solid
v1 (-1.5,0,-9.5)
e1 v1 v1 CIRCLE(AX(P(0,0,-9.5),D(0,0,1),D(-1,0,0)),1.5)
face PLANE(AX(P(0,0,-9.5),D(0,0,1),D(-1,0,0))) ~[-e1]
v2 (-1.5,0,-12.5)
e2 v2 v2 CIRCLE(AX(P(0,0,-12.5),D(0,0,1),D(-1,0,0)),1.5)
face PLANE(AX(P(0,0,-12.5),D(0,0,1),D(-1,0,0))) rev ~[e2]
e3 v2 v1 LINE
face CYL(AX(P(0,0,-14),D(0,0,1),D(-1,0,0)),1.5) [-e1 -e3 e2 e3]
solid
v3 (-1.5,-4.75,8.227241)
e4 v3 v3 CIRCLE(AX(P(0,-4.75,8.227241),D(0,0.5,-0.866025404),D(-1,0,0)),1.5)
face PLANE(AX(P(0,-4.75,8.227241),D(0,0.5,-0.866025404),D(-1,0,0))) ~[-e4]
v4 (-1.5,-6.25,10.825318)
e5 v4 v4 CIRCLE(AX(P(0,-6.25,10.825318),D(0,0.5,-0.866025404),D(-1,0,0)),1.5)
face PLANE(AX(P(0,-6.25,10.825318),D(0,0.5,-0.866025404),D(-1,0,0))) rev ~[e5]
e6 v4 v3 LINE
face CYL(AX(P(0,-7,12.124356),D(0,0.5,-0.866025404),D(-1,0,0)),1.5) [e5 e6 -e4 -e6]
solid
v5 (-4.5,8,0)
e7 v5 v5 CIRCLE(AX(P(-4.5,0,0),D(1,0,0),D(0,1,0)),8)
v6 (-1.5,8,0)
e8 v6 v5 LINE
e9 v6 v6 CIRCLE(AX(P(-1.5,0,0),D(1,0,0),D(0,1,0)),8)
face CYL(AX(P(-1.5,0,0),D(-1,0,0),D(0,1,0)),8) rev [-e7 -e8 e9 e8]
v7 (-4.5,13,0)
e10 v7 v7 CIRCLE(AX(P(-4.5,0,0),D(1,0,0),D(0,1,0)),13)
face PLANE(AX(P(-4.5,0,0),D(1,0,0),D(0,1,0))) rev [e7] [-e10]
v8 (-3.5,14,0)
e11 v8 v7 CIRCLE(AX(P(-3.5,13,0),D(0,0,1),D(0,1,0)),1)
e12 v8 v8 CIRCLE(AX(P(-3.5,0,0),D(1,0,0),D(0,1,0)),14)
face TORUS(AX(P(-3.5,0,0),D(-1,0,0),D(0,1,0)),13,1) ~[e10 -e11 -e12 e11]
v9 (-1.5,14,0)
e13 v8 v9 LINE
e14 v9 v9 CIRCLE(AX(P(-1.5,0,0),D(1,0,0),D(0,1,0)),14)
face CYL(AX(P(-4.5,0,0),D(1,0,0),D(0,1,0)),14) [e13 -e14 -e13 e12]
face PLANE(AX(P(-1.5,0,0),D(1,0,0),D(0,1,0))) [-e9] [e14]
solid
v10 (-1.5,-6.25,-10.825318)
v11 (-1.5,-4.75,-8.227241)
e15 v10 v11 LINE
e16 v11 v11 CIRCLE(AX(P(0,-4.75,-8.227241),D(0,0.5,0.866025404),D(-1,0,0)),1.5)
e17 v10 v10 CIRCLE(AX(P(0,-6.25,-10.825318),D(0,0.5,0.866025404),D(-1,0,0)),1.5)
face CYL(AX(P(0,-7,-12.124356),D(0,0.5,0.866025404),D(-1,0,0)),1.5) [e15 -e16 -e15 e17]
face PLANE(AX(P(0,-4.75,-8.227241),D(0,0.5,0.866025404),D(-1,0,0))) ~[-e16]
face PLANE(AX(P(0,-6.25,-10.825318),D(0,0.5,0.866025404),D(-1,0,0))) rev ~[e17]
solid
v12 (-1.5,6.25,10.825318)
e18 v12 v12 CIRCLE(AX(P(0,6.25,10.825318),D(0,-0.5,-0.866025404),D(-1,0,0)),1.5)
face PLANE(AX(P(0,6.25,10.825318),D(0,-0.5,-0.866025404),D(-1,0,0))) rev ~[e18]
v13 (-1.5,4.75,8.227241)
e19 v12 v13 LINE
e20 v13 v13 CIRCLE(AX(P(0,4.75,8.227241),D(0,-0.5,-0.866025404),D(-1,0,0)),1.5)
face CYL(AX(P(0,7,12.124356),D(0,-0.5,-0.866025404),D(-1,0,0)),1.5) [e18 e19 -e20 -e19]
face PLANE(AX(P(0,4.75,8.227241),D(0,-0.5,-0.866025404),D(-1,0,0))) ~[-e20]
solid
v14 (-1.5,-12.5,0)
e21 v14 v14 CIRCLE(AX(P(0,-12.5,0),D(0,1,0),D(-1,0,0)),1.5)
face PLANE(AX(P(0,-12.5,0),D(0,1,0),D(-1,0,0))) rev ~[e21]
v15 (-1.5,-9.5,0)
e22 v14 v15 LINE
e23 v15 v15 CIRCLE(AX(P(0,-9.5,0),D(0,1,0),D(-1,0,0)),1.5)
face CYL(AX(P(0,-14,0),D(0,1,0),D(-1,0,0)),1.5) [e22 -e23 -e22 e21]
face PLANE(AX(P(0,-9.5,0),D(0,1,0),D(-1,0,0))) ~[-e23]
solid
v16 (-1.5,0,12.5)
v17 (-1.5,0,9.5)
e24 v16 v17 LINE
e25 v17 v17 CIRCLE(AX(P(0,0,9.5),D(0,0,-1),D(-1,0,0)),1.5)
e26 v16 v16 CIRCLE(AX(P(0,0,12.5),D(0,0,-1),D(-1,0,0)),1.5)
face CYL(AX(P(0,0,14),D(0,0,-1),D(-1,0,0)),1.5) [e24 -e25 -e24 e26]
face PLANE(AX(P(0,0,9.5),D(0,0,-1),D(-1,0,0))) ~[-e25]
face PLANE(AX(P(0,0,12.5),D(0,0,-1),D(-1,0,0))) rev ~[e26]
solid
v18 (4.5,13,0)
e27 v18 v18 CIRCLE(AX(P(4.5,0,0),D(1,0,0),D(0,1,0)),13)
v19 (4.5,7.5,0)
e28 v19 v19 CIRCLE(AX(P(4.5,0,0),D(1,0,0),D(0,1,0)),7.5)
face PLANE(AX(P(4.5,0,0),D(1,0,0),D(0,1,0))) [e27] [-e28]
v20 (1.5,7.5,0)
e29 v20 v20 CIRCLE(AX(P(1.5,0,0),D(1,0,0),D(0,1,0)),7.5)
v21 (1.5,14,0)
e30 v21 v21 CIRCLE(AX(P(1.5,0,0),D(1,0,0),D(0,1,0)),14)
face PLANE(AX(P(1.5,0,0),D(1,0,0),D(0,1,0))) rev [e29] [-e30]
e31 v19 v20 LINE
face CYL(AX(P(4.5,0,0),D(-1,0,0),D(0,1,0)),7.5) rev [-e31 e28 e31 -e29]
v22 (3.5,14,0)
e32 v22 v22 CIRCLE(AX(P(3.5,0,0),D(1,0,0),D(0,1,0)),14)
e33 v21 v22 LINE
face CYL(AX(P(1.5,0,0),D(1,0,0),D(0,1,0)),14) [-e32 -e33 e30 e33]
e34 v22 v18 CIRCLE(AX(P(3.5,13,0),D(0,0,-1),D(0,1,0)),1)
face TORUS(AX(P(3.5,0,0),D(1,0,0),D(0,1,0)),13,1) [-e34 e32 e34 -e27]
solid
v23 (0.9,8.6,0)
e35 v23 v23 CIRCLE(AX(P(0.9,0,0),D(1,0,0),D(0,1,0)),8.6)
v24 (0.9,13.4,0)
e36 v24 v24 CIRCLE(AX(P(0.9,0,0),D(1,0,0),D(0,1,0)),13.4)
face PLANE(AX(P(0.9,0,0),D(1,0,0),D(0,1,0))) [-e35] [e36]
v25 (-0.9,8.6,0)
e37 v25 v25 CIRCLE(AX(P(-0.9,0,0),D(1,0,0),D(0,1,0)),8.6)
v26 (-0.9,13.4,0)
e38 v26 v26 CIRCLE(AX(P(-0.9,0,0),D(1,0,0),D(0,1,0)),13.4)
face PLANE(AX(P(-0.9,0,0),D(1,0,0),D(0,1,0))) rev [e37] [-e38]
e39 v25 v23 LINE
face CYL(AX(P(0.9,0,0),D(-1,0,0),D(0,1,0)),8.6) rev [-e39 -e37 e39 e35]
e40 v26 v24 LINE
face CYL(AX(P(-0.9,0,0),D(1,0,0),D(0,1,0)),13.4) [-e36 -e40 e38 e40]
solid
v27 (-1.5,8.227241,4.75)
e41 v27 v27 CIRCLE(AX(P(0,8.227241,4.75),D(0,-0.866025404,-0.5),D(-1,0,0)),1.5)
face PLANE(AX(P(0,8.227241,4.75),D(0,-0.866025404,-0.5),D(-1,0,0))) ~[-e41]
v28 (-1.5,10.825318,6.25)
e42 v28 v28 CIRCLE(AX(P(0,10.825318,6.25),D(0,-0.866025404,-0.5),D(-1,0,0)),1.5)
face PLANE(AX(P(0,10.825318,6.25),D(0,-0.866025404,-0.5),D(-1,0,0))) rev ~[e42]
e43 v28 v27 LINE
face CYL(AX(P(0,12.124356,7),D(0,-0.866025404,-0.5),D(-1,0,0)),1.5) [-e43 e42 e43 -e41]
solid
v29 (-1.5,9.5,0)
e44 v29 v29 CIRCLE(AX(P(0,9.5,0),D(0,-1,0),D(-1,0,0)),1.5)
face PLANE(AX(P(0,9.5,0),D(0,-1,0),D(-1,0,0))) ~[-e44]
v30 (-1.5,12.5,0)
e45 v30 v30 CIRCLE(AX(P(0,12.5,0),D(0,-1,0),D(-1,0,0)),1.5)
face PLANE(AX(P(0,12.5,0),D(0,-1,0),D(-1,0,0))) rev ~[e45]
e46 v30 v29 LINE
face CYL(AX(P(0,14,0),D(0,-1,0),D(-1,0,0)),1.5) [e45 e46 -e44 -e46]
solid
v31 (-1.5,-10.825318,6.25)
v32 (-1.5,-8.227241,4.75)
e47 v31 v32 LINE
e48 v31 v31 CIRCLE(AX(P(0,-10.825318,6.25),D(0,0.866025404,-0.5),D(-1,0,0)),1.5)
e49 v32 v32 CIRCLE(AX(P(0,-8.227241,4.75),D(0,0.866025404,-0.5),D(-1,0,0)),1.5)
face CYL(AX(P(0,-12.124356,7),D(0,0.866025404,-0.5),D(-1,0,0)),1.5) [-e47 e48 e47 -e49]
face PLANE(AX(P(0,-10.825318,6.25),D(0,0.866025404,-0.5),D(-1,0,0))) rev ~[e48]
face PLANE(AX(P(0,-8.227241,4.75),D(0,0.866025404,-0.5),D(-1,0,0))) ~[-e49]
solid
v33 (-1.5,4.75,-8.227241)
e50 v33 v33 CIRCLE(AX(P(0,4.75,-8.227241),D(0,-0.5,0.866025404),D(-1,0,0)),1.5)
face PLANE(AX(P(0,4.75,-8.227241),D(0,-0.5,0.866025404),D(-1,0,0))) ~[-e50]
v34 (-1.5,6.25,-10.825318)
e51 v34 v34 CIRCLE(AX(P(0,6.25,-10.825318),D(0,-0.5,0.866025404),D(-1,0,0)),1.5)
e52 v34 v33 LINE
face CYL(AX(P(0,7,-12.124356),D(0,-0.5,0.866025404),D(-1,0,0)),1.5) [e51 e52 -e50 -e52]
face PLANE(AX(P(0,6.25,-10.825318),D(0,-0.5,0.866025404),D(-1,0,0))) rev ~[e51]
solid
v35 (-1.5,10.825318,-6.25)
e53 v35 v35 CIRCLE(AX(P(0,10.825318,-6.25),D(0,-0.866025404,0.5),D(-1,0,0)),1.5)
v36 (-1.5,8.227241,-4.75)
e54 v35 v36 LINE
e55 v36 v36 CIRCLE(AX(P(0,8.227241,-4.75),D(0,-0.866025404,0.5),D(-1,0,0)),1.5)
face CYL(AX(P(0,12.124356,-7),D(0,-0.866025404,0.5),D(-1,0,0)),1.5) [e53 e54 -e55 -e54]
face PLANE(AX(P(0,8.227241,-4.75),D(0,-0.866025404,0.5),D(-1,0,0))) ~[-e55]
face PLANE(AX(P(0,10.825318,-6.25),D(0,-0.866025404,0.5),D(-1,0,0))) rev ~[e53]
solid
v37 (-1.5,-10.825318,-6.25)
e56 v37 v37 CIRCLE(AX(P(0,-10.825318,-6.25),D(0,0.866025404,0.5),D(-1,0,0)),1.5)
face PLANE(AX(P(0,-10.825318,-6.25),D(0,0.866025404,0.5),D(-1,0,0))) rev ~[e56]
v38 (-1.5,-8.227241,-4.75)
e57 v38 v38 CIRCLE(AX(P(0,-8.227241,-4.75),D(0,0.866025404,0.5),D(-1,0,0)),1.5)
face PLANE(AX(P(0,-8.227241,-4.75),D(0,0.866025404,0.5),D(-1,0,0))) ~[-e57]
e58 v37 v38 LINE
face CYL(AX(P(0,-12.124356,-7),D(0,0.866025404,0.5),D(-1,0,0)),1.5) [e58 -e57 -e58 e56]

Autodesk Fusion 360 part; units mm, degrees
sketch "Sketch1" plane through (0, 0, 0) normal (0, 0, 1) x (1, 0, 0)
  line L0 (-79.6992, 0) -> (79.6992, 0)
  line L1 (-4.5, 14) -> (-1.5, 14)
  line L2 (-1.5, 14) -> (-1.5, 8)
  line L3 (-1.5, 8) -> (-4.5, 8)
  line L4 (-4.5, 8) -> (-4.5, 14)
  line L5 (1.5, 14) -> (4.5, 14)
  line L6 (4.5, 14) -> (4.5, 7.5)
  line L7 (4.5, 7.5) -> (1.5, 7.5)
  line L8 (1.5, 7.5) -> (1.5, 14)
  line L9 (-1.5, 12.5) -> (1.5, 12.5)
  line L10 (1.5, 12.5) -> (1.5, 9.5)
  line L11 (1.5, 9.5) -> (-1.5, 9.5)
  line L12 (-1.5, 9.5) -> (-1.5, 12.5)
  line L13 (-0.9, 13.4) -> (0.9, 13.4)
  line L14 (0.9, 13.4) -> (0.9, 8.6)
  line L15 (0.9, 8.6) -> (-0.9, 8.6)
  line L16 (-0.9, 8.6) -> (-0.9, 13.4)
  line L17 (0, 13.4) -> (0, 8.6)
  point P0 (-1.5, 11)
  point P1 (-1.5, 11)
  point P2 (0, 12.5)
  point P3 (0, 11)
  dimension "d1" = 9
  dimension "d2" = 15
  dimension "d3" = 16
  dimension "d4" = 28
  dimension "d5" = 28
  dimension "d6" = 1.8
  dimension "d7" = 4.8
  dimension "d8" = 3
  dimension "d9" = 3
revolve "Revolve1" add sketch "Sketch1" angle 360 about axis through (-79.6992, 0, 0) along (1, 0, 0) contours L1 L2 L3 L4 L12 | L5 L6 L7 L8 L10 makes body 1 at (-4.5, 11.9479, -0.6955) makes body 2 at (1.5, 11.7812, -0.6955)
revolve "Revolve2" add sketch "Sketch1" angle 360 about axis through (0, 13.4, 0) along (0, -1, 0) separate body contours L2 L9 L11 L12 L16 | L9 L11 L16 L17 makes body 3
revolve "Revolve3" add sketch "Sketch1" angle 360 about axis through (-79.6992, 0, 0) along (1, 0, 0) separate body contours L9 L13 L16 L17 | L9 L11 L16 L17 | L11 L15 L16 L17 | L9 L13 L14 L17 | L9 L11 L14 L17 | L11 L14 L15 L17 makes body 4
pattern_circular "C-Pattern1" count 12 over 360 about axis through (1.75, 0, 0) along (1, 0, 0) of bodies 3 makes body 5 at (-1.4925, 9.0186, 5.3793) makes body 6 at (-1.4925, 5.1207, 9.1679) makes body 7 at (-1.4925, -0.1494, 10.5) makes body 8 at (-1.4925, -5.3793, 9.0186) makes body 9 at (-1.4981, -9.9967, 5.6852) makes body 10 at (-1.4925, -10.5, -0.1494) makes body 11 at (-1.4981, -9.9219, -5.8148) makes body 12 at (-1.4925, -5.1207, -9.1679) makes body 13 at (-1.4925, 0.1494, -10.5) makes body 14 at (-1.4981, 5.8148, -9.9219) makes body 15 at (-1.4925, 9.1679, -5.1207)
fillet "Fillet1" radius 1 2 edges at (-4.5, -5.0626, 13.0526) (4.5, -5.0626, 13.0526) on bodies 1 2
